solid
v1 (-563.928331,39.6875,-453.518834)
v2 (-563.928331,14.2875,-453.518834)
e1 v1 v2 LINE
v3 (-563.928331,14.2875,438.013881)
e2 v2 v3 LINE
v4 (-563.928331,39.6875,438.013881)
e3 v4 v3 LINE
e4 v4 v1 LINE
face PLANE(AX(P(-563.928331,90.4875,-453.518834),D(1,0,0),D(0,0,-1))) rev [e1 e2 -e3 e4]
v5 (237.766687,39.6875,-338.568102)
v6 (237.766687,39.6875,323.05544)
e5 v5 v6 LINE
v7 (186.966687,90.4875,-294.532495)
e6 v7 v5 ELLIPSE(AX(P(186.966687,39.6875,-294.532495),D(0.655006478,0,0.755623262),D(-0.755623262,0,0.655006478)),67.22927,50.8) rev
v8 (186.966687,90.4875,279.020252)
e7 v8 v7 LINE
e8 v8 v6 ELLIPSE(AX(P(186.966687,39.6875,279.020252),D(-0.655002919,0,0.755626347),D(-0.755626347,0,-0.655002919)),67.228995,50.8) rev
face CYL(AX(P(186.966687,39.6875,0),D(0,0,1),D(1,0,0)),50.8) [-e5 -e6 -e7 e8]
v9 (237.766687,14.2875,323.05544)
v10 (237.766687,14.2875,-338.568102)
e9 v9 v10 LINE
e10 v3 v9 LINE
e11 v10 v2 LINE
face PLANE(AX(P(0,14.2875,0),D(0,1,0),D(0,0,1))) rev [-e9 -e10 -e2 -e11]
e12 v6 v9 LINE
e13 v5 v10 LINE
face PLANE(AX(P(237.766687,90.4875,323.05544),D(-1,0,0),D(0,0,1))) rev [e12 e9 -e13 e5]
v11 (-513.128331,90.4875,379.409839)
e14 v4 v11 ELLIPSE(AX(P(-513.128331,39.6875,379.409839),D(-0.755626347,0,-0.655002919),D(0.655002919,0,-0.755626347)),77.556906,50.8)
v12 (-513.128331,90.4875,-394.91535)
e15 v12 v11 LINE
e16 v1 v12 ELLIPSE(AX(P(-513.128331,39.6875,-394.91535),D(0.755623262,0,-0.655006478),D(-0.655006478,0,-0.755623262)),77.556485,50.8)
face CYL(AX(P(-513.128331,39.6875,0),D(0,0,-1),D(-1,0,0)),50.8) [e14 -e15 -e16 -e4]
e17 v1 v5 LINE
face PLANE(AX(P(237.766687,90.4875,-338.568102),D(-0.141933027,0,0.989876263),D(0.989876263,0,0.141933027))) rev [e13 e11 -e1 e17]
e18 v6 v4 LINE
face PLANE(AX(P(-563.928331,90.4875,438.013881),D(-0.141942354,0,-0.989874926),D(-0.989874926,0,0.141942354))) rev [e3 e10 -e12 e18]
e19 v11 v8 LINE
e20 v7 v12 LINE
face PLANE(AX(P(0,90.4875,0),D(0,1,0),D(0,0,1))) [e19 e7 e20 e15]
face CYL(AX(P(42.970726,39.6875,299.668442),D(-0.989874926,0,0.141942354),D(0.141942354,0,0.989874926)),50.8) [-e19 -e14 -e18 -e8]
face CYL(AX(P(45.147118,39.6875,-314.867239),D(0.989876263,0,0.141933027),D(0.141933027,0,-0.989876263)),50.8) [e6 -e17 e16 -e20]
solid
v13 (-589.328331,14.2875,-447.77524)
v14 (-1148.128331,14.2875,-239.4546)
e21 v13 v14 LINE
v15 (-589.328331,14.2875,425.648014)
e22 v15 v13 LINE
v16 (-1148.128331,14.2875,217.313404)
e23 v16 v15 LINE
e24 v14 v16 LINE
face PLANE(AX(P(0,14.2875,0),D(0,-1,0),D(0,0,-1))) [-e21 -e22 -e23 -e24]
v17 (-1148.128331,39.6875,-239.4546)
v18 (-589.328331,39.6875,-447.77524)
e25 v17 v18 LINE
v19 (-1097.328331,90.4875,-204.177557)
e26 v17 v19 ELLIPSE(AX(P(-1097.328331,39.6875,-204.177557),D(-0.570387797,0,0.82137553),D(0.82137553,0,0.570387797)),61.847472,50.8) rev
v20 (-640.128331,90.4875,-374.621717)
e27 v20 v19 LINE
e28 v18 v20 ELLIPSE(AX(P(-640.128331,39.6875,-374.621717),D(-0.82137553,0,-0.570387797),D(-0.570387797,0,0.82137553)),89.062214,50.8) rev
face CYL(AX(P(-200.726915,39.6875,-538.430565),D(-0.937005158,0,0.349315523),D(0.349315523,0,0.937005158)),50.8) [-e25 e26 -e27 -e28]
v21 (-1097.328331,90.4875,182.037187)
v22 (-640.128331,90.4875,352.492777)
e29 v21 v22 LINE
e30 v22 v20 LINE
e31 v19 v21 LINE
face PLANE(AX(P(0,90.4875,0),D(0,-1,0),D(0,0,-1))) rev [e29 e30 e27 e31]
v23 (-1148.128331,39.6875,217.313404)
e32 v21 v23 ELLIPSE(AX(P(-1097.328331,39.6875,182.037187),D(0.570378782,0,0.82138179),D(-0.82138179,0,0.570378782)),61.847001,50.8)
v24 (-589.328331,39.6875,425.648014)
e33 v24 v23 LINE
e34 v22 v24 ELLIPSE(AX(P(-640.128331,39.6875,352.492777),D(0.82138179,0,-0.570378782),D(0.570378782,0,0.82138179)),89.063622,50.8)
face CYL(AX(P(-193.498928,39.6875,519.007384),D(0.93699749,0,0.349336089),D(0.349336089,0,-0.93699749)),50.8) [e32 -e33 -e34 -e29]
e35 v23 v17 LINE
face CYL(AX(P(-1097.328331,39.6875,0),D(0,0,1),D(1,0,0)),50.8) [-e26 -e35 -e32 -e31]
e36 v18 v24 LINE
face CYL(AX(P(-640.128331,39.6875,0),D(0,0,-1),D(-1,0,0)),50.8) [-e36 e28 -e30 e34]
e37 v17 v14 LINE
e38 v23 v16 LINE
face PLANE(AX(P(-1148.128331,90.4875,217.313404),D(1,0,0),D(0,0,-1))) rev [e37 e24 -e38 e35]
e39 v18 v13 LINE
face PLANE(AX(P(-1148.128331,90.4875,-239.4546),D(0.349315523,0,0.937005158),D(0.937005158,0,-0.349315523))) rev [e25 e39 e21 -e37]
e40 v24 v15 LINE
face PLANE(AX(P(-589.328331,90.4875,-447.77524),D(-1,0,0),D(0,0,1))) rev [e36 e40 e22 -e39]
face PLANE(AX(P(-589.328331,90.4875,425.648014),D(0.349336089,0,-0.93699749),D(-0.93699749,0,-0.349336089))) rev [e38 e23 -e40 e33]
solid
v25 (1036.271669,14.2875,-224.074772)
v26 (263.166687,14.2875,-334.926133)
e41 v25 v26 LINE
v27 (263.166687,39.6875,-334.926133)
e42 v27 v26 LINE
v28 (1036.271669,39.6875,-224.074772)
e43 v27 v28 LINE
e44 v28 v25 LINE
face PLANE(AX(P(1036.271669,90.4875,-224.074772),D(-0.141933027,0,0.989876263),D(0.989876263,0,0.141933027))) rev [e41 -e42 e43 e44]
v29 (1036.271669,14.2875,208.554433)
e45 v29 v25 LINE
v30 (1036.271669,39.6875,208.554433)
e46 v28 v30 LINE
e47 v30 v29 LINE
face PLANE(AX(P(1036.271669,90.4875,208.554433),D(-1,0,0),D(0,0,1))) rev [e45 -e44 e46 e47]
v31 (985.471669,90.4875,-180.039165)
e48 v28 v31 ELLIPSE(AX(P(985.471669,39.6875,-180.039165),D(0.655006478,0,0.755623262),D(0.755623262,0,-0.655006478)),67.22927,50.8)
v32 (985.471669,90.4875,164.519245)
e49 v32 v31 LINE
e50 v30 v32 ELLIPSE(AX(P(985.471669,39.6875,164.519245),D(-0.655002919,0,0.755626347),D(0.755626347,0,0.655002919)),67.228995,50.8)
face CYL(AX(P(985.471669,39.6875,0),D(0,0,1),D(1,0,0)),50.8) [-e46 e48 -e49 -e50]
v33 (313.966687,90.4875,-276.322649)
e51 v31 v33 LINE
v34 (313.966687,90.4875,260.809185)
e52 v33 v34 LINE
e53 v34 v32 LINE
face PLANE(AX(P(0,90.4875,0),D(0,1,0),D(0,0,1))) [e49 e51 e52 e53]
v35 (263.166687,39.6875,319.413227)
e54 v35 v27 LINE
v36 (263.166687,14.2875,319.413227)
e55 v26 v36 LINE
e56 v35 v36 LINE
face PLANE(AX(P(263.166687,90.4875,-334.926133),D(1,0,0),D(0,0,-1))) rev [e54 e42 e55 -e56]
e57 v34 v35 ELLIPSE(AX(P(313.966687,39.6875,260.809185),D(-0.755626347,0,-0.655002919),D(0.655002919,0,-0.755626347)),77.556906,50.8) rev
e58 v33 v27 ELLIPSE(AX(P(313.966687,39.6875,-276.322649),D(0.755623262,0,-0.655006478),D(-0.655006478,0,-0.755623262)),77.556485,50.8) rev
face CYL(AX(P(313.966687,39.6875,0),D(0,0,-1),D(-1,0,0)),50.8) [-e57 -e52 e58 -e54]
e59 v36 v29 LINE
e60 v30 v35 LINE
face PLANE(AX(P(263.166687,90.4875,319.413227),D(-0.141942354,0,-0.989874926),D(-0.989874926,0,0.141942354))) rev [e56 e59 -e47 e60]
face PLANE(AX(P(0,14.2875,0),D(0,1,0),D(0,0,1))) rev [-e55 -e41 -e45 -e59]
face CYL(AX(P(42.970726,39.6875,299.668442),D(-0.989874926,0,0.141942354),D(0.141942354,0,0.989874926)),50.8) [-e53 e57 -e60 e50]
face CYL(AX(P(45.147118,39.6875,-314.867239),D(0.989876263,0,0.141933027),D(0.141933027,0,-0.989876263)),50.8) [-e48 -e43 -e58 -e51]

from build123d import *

# Parameters (mm, degrees)
BOSS_EXTRUDE3_DEPTH = 76.2
BOSS_EXTRUDE4_DEPTH = 76.2
BOSS_EXTRUDE5_DEPTH = 76.2
FILLET2_R           = 50.8
FILLET3_R           = 50.8
FILLET4_R           = 50.8


with BuildPart() as part:
    # Sketch2 → Boss-Extrude3 (new body)
    with BuildSketch(Plane(origin=(0, 14.2875, 0), x_dir=(1, 0, 0), z_dir=(0, 1, 0))):
        Polygon((-1148.128331341, 239.454600148), (-589.328331341, 447.775240148), (-589.328331341, -425.648013671), (-1148.128331341, -217.313403671), align=None)
    extrude(amount=BOSS_EXTRUDE3_DEPTH)

    # Fillet2
    fillet2_edges = [part.edges().sort_by_distance(p)[0] for p in [
        (-589.328331341, 90.4875, -11.063613239),
        (-868.728331341, 90.4875, -343.614920148),
        (-1148.128331341, 90.4875, -11.070598239),
        (-868.728331341, 90.4875, 321.480708671),
    ]]
    fillet(fillet2_edges, radius=FILLET2_R)


with BuildPart() as body_2:
    # Sketch3 → Boss-Extrude4 (new body)
    with BuildSketch(Plane(origin=(0, 14.2875, 0), x_dir=(1, 0, 0), z_dir=(0, 1, 0))):
        Polygon((-563.928331341, 453.518833879), (-563.928331341, -438.013880611), (237.766686559, -323.055440208), (237.766686559, 338.568102081), align=None)
    extrude(amount=BOSS_EXTRUDE4_DEPTH)

    # Fillet3
    fillet3_edges = [body_2.edges().sort_by_distance(p)[0] for p in [
        (-163.080822391, 90.4875, 380.53466041),
        (237.766686559, 90.4875, -7.756330937),
        (-163.080822391, 90.4875, -396.04346798),
        (-563.928331341, 90.4875, -7.752476634),
    ]]
    fillet(fillet3_edges, radius=FILLET3_R)


with BuildPart() as body_3:
    # Sketch4 → Boss-Extrude5 (new body)
    with BuildSketch(Plane(origin=(0, 14.2875, 0), x_dir=(1, 0, 0), z_dir=(0, 1, 0))):
        Polygon((263.166686559, 334.92613285), (263.166686559, -319.413226747), (1036.271668659, -208.554432534), (1036.271668659, 224.07477234), align=None)
    extrude(amount=BOSS_EXTRUDE5_DEPTH)

    # Fillet4
    fillet4_edges = [body_3.edges().sort_by_distance(p)[0] for p in [
        (649.719177609, 90.4875, 263.983829641),
        (1036.271668659, 90.4875, -7.760169903),
        (649.719177609, 90.4875, -279.500452595),
        (263.166686559, 90.4875, -7.756453052),
    ]]
    fillet(fillet4_edges, radius=FILLET4_R)


solid = Compound([part.part, body_2.part, body_3.part])
